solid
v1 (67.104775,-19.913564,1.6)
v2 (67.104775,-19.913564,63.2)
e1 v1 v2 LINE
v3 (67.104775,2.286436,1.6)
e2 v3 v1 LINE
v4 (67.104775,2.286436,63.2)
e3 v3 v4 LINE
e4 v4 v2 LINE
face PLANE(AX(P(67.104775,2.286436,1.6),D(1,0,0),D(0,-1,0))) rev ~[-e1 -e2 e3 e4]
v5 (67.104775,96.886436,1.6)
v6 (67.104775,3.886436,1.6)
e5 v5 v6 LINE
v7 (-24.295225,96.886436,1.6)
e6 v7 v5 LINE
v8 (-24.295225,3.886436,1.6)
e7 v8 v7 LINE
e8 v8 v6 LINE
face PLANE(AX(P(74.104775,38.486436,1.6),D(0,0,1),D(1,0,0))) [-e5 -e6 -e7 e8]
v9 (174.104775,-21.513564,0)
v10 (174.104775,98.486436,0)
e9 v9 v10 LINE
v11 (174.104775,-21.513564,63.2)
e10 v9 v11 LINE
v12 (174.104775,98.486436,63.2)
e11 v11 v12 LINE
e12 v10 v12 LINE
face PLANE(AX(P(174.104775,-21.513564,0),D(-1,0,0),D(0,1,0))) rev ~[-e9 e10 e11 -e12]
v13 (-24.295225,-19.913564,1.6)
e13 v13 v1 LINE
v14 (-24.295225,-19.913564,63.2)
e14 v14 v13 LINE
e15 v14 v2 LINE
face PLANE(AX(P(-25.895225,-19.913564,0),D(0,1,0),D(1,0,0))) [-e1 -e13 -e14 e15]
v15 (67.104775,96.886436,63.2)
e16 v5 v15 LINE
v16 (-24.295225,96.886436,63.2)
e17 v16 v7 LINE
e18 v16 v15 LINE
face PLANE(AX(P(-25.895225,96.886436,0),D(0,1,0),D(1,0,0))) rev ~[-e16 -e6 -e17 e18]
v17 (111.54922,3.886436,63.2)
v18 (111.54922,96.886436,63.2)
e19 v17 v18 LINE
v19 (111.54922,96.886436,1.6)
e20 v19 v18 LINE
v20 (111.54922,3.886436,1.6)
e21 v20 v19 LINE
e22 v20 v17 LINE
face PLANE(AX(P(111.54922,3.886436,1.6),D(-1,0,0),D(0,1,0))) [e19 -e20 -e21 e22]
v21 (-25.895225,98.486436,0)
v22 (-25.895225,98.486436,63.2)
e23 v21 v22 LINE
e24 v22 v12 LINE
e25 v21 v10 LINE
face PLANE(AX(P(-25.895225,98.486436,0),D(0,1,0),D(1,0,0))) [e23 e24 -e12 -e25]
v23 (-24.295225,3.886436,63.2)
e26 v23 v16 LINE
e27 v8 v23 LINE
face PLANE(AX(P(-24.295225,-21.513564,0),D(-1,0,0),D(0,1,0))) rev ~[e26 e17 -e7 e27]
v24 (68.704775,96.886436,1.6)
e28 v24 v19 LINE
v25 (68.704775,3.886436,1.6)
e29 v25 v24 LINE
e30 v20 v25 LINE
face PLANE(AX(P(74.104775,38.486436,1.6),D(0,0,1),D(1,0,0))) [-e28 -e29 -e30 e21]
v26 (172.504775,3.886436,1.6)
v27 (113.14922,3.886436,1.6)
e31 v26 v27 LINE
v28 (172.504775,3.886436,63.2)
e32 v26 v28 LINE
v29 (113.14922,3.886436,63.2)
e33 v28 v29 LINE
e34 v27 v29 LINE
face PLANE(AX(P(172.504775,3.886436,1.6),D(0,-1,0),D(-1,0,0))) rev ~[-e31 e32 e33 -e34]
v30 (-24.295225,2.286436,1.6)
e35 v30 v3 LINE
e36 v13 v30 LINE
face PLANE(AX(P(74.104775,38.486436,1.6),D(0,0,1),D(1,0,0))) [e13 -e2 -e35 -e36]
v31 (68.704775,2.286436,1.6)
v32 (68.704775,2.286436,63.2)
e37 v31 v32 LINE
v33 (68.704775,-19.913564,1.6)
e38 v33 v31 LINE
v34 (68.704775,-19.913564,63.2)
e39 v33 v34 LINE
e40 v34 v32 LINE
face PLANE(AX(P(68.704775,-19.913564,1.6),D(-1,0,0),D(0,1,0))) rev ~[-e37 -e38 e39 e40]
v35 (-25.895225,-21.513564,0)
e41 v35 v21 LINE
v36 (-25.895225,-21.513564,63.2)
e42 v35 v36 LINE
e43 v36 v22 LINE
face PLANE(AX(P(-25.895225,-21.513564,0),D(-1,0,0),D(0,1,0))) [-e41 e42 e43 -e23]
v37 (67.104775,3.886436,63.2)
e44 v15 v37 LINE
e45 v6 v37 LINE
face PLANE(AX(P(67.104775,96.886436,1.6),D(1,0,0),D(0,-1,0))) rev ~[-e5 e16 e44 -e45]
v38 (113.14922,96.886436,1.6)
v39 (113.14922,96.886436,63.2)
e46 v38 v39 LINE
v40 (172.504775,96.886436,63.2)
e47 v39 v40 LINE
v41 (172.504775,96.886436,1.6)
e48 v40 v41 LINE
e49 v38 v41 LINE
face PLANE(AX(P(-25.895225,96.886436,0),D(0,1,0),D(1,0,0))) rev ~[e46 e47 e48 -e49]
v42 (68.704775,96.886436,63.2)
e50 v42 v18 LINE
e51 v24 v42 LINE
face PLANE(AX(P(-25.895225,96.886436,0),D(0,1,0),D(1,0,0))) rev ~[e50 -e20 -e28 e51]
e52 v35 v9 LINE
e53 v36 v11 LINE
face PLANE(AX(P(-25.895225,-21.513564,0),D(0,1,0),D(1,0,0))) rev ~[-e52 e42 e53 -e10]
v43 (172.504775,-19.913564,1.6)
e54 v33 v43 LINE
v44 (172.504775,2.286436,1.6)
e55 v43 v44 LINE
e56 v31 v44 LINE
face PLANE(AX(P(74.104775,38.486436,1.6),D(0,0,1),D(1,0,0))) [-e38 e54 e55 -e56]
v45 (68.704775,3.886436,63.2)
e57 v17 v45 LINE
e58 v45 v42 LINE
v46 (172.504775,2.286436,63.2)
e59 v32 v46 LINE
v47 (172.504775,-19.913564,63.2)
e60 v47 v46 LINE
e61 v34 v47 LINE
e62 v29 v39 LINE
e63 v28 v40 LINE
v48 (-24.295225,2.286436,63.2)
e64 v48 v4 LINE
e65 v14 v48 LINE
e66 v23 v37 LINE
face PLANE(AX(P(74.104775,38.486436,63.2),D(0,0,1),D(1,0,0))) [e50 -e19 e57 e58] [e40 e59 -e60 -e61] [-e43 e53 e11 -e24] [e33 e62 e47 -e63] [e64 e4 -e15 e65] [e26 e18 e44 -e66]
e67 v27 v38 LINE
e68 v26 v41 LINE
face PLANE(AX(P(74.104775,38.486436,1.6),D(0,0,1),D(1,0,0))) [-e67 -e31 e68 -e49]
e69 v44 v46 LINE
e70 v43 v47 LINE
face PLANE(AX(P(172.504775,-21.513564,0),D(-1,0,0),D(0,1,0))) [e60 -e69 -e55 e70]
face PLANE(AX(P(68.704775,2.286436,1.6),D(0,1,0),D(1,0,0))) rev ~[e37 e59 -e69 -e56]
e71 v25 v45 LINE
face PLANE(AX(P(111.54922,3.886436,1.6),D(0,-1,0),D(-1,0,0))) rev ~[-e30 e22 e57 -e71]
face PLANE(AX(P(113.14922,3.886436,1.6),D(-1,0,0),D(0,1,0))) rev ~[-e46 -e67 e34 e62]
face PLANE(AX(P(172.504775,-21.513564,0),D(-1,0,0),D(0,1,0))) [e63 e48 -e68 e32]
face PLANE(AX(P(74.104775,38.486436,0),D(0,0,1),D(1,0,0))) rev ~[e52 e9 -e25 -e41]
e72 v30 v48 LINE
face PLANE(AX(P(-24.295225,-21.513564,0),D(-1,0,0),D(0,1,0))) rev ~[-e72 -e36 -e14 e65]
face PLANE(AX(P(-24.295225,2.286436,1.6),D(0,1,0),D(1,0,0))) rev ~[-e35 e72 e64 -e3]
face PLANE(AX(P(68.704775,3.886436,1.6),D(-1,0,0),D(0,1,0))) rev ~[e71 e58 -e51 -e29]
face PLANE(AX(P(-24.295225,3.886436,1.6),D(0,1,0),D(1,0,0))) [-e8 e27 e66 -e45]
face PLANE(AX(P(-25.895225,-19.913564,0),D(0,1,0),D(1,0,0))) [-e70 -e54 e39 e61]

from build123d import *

# Parameters (mm, degrees)
F2_W     = 200
F2_H     = 120
F3_DEPTH = 63.2
F4_T     = -1.6
F5_W     = 1.6
F5_H     = 1.6
F5_H_2   = 22.2
F5_H_3   = 93
F5_W_2   = 91.4
F6_DEPTH = 61.6


with BuildPart() as f3:
    # F2 (on Top) → F3 (new body)
    with BuildSketch(Plane.XY):
        with Locations((74.1047750609, 38.4864358604)):
            Rectangle(F2_W, F2_H)
    extrude(amount=F3_DEPTH)

    # F4
    f4_openings = [f3.faces().sort_by_distance(p)[0] for p in [
        (74.104775, 38.486436, 63.2),
    ]]
    offset(amount=F4_T, openings=f4_openings)

    # F5 (on face) → F6 (join, through all)
    with BuildSketch(Plane.XY.offset(1.6)):
        with Locations((67.9047750609, 3.0864358604)):
            Rectangle(F5_W, F5_H)
        with Locations((67.9047750609, -8.8135641396)):
            Rectangle(F5_W, F5_H_2)
        Polygon((113.1492195054, 3.8864358604), (111.5492195054, 3.8864358604), (68.7047750609, 3.8864358604), (68.7047750609, 2.2864358604), (172.5047750609, 2.2864358604), (172.5047750609, 3.8864358604), align=None)
        with Locations((67.9047750609, 50.3864358604)):
            Rectangle(F5_W, F5_H_3)
        with Locations((21.4047750609, 3.0864358604)):
            Rectangle(F5_W_2, F5_H)
        with Locations((112.3492195054, 50.3864358604)):
            Rectangle(F5_W, F5_H_3)
    extrude(amount=F6_DEPTH)


solid = f3.part
